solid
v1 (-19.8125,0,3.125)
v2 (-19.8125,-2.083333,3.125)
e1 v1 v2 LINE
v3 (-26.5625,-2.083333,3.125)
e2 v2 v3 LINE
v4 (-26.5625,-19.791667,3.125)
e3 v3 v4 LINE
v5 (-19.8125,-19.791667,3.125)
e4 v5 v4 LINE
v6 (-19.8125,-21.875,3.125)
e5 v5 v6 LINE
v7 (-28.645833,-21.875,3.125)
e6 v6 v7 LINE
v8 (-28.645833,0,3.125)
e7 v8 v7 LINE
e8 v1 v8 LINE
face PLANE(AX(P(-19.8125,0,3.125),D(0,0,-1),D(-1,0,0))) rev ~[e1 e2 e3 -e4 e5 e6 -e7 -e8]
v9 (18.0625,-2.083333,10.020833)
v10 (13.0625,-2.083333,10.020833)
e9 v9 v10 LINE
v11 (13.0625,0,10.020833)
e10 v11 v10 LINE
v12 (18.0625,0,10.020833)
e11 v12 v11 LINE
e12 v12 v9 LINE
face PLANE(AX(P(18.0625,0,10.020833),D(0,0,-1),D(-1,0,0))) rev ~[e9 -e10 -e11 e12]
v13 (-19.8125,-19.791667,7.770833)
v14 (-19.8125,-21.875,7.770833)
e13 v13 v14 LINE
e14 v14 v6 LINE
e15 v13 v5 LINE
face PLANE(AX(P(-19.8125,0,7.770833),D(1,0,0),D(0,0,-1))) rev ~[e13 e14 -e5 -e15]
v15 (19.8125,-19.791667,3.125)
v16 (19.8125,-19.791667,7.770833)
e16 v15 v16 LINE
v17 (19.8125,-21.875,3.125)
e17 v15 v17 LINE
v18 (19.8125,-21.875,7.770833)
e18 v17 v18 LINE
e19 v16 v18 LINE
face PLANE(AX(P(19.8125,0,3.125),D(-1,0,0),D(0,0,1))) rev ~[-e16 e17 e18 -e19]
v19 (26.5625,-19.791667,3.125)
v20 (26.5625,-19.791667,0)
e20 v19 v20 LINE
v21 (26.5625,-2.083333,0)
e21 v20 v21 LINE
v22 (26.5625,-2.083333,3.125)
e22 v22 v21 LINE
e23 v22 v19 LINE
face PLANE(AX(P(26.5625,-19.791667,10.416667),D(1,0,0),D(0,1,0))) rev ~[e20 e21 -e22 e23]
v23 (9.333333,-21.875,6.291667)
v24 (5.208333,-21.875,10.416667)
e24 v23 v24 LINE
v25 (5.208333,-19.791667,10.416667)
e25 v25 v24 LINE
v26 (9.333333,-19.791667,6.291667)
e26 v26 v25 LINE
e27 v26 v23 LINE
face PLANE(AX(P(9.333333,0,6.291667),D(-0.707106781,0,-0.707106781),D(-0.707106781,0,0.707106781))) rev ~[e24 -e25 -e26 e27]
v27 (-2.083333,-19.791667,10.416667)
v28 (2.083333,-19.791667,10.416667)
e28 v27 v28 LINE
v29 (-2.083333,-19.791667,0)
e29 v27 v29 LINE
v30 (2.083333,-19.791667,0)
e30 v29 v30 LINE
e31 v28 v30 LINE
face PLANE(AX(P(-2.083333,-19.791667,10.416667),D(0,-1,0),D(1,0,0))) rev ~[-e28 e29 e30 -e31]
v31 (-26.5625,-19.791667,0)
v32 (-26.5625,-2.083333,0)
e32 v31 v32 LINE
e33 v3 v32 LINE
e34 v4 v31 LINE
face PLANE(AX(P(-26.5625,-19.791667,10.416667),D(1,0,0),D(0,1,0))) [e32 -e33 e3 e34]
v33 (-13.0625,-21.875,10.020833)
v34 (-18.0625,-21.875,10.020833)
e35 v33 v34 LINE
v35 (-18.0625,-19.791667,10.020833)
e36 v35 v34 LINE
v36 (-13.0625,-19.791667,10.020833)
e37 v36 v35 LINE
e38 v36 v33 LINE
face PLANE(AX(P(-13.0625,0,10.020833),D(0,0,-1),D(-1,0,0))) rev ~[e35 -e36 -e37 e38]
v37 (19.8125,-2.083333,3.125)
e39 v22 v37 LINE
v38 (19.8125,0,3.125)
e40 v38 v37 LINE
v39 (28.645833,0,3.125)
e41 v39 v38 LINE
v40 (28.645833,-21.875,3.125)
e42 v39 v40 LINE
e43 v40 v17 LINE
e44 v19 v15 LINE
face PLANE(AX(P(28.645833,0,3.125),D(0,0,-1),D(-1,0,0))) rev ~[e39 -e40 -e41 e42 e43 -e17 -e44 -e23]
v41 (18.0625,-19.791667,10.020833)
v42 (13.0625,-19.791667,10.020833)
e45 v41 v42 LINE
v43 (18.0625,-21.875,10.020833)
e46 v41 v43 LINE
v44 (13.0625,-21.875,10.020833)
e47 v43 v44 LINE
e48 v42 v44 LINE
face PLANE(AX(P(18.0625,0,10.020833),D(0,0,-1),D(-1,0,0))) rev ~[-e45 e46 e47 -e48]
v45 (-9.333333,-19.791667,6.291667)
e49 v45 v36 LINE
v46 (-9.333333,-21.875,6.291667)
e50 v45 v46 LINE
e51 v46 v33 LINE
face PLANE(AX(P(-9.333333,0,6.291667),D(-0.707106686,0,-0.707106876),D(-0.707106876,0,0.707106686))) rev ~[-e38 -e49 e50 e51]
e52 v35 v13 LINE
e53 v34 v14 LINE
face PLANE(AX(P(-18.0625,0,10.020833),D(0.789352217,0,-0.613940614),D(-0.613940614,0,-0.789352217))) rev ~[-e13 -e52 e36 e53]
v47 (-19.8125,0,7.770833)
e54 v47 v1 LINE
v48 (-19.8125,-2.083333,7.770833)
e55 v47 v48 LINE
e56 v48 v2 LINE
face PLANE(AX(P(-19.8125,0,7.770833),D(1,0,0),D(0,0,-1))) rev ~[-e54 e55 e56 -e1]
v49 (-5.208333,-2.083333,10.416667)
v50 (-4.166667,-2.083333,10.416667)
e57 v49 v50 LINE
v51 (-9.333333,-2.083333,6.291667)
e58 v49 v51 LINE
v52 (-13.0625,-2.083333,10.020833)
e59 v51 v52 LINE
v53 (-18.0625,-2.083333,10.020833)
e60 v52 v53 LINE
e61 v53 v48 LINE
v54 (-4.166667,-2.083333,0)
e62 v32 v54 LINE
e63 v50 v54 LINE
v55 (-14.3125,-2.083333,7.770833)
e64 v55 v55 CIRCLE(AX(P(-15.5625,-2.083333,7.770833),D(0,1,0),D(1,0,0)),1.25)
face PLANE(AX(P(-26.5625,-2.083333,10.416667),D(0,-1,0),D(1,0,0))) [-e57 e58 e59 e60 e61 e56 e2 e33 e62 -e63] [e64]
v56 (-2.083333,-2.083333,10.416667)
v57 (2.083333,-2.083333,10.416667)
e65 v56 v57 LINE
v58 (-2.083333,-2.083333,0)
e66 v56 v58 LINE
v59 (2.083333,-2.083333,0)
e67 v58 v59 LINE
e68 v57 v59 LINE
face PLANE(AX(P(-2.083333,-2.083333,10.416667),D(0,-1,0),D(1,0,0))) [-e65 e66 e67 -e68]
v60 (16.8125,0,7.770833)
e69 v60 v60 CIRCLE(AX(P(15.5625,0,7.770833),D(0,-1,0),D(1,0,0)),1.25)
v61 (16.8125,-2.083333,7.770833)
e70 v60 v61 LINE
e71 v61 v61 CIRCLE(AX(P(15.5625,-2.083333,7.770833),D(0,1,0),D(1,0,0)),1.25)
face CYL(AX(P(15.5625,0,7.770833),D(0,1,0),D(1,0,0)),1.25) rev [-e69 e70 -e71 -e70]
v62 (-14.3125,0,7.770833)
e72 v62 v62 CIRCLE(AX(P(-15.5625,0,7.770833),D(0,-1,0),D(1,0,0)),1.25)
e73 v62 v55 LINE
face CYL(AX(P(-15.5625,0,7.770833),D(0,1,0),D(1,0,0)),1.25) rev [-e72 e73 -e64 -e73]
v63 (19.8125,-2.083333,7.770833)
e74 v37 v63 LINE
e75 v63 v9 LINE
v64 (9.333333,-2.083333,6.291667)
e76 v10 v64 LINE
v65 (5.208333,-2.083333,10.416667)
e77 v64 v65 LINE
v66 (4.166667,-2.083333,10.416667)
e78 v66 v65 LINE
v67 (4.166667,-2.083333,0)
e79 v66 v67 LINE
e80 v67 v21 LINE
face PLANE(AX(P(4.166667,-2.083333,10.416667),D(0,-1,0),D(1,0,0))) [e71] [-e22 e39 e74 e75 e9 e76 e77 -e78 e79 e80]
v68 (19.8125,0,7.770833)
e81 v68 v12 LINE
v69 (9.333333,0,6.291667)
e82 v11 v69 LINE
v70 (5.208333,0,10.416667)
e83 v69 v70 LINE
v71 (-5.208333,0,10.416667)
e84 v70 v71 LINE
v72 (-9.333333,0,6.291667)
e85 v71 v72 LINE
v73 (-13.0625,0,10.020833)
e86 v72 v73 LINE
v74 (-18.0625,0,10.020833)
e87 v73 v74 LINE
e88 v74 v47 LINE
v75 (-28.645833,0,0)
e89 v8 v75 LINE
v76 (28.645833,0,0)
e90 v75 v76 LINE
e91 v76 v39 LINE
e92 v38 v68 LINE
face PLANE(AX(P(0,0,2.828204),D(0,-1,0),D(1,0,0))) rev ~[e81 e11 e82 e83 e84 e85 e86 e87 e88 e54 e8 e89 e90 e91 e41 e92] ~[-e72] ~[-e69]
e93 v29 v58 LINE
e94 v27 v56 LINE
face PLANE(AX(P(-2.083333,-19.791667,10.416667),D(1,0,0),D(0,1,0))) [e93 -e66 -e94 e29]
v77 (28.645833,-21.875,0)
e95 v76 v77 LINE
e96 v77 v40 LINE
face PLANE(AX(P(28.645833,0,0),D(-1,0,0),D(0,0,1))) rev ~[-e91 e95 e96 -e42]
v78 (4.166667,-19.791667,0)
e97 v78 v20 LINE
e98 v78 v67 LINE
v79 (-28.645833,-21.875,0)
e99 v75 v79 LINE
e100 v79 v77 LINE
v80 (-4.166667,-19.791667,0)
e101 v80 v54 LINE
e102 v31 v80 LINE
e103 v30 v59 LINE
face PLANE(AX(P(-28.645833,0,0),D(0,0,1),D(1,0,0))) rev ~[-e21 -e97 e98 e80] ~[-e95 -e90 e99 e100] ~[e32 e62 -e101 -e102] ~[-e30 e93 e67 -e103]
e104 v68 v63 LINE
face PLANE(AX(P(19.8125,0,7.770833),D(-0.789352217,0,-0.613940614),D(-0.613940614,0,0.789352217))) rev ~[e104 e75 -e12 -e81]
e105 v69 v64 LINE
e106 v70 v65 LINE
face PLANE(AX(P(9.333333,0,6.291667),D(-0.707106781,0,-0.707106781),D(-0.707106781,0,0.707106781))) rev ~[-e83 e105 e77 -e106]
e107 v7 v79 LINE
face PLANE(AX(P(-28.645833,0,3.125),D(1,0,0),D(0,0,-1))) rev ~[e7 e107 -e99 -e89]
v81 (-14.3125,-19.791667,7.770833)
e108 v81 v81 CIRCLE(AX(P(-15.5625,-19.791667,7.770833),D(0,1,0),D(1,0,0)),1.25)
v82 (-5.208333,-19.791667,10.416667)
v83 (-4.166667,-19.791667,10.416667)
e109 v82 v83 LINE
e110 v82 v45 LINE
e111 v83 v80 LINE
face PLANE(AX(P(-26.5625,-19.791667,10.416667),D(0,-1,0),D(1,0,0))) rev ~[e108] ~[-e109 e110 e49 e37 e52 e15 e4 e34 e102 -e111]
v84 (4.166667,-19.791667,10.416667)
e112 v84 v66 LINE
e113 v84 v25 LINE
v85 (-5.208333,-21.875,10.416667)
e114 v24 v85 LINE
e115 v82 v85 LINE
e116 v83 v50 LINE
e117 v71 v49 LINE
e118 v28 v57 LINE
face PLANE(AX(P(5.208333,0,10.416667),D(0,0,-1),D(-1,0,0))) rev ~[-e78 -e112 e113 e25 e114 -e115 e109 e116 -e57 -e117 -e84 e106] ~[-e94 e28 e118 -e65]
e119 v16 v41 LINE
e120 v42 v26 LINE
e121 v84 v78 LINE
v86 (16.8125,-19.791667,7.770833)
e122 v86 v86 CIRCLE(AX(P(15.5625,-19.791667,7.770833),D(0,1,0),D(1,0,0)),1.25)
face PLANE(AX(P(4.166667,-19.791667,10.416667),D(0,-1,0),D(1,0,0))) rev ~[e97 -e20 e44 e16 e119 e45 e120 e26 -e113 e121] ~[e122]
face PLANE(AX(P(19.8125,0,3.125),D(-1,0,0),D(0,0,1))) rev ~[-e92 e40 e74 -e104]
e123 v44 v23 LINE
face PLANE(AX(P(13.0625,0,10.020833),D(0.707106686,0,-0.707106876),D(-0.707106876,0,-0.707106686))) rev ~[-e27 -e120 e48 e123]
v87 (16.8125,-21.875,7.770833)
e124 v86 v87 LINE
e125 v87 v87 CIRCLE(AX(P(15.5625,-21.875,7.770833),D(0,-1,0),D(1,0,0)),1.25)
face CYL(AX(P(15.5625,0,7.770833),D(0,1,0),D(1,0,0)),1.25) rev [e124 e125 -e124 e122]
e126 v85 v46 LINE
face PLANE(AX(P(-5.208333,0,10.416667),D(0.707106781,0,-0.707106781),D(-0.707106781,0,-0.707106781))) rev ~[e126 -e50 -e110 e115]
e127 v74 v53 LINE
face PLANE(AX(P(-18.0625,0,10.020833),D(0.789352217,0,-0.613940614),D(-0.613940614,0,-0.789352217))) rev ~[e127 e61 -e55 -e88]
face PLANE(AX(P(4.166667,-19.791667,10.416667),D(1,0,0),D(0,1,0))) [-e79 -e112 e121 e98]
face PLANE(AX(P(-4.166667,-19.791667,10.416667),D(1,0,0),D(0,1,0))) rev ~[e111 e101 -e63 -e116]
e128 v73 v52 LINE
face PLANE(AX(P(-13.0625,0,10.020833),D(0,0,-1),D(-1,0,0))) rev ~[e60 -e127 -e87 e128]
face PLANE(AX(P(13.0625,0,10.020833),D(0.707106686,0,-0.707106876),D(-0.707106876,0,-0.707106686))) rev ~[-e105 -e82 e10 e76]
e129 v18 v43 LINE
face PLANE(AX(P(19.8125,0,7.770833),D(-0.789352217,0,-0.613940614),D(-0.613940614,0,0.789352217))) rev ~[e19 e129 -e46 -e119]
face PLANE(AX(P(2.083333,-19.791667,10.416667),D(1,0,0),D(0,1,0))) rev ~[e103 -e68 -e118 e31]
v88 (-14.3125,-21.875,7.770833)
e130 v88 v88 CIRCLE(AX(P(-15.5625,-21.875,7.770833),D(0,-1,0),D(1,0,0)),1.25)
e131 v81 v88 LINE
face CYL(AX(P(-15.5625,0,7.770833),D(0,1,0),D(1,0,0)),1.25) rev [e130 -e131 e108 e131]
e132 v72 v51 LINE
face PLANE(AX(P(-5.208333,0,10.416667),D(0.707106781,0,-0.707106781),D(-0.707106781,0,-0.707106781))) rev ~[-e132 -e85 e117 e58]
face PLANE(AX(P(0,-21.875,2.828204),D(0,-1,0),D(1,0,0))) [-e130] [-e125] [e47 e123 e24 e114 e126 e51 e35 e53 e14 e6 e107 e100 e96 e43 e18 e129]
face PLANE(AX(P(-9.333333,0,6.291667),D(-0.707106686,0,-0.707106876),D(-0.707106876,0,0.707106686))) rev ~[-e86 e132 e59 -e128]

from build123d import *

# Parameters (mm, degrees)
F0_R     = 1.25
F1_DEPTH = 21.875
F2_W     = 22.395833
F2_H     = 17.708334
F2_W_2   = 4.166666
F3_DEPTH = 10.417667


with BuildPart() as f1:
    # F0 (on Front) → F1 (new body)
    with BuildSketch(Plane.XZ):
        Polygon((-28.645833, 0), (0, 0), (28.645833, 0), (28.645833, 3.125), (19.8125, 3.125), (12.5, 3.125), (9.333333, 6.291667), (5.208333, 10.416667), (0, 10.416667), (-5.208333, 10.416667), (-9.333333, 6.291667), (-12.5, 3.125), (-19.8125, 3.125), (-28.645833, 3.125), align=None)
        Polygon((12.5, 3.125), (19.8125, 3.125), (19.8125, 7.770833), (18.0625, 10.020833), (13.0625, 10.020833), (9.333333, 6.291667), align=None)
        with Locations((15.5625, 7.770833)):
            Circle(F0_R, mode=Mode.SUBTRACT)
        Polygon((-19.8125, 7.770833), (-19.8125, 3.125), (-12.5, 3.125), (-9.333333, 6.291667), (-13.0625, 10.020833), (-18.0625, 10.020833), align=None)
        with Locations((-15.5625, 7.770833)):
            Circle(F0_R, mode=Mode.SUBTRACT)
    extrude(amount=F1_DEPTH)

    # F2 (on face) → F3 (cut, through all)
    with BuildSketch(Plane.XY.offset(10.416667)):
        with Locations((-15.364584, -10.9375)):
            Rectangle(F2_W, F2_H)
        with Locations((15.364584, -10.9375)):
            Rectangle(F2_W, F2_H)
        with Locations((0, -10.9375)):
            Rectangle(F2_W_2, F2_H)
    extrude(amount=-F3_DEPTH, mode=Mode.SUBTRACT)


solid = f1.part
